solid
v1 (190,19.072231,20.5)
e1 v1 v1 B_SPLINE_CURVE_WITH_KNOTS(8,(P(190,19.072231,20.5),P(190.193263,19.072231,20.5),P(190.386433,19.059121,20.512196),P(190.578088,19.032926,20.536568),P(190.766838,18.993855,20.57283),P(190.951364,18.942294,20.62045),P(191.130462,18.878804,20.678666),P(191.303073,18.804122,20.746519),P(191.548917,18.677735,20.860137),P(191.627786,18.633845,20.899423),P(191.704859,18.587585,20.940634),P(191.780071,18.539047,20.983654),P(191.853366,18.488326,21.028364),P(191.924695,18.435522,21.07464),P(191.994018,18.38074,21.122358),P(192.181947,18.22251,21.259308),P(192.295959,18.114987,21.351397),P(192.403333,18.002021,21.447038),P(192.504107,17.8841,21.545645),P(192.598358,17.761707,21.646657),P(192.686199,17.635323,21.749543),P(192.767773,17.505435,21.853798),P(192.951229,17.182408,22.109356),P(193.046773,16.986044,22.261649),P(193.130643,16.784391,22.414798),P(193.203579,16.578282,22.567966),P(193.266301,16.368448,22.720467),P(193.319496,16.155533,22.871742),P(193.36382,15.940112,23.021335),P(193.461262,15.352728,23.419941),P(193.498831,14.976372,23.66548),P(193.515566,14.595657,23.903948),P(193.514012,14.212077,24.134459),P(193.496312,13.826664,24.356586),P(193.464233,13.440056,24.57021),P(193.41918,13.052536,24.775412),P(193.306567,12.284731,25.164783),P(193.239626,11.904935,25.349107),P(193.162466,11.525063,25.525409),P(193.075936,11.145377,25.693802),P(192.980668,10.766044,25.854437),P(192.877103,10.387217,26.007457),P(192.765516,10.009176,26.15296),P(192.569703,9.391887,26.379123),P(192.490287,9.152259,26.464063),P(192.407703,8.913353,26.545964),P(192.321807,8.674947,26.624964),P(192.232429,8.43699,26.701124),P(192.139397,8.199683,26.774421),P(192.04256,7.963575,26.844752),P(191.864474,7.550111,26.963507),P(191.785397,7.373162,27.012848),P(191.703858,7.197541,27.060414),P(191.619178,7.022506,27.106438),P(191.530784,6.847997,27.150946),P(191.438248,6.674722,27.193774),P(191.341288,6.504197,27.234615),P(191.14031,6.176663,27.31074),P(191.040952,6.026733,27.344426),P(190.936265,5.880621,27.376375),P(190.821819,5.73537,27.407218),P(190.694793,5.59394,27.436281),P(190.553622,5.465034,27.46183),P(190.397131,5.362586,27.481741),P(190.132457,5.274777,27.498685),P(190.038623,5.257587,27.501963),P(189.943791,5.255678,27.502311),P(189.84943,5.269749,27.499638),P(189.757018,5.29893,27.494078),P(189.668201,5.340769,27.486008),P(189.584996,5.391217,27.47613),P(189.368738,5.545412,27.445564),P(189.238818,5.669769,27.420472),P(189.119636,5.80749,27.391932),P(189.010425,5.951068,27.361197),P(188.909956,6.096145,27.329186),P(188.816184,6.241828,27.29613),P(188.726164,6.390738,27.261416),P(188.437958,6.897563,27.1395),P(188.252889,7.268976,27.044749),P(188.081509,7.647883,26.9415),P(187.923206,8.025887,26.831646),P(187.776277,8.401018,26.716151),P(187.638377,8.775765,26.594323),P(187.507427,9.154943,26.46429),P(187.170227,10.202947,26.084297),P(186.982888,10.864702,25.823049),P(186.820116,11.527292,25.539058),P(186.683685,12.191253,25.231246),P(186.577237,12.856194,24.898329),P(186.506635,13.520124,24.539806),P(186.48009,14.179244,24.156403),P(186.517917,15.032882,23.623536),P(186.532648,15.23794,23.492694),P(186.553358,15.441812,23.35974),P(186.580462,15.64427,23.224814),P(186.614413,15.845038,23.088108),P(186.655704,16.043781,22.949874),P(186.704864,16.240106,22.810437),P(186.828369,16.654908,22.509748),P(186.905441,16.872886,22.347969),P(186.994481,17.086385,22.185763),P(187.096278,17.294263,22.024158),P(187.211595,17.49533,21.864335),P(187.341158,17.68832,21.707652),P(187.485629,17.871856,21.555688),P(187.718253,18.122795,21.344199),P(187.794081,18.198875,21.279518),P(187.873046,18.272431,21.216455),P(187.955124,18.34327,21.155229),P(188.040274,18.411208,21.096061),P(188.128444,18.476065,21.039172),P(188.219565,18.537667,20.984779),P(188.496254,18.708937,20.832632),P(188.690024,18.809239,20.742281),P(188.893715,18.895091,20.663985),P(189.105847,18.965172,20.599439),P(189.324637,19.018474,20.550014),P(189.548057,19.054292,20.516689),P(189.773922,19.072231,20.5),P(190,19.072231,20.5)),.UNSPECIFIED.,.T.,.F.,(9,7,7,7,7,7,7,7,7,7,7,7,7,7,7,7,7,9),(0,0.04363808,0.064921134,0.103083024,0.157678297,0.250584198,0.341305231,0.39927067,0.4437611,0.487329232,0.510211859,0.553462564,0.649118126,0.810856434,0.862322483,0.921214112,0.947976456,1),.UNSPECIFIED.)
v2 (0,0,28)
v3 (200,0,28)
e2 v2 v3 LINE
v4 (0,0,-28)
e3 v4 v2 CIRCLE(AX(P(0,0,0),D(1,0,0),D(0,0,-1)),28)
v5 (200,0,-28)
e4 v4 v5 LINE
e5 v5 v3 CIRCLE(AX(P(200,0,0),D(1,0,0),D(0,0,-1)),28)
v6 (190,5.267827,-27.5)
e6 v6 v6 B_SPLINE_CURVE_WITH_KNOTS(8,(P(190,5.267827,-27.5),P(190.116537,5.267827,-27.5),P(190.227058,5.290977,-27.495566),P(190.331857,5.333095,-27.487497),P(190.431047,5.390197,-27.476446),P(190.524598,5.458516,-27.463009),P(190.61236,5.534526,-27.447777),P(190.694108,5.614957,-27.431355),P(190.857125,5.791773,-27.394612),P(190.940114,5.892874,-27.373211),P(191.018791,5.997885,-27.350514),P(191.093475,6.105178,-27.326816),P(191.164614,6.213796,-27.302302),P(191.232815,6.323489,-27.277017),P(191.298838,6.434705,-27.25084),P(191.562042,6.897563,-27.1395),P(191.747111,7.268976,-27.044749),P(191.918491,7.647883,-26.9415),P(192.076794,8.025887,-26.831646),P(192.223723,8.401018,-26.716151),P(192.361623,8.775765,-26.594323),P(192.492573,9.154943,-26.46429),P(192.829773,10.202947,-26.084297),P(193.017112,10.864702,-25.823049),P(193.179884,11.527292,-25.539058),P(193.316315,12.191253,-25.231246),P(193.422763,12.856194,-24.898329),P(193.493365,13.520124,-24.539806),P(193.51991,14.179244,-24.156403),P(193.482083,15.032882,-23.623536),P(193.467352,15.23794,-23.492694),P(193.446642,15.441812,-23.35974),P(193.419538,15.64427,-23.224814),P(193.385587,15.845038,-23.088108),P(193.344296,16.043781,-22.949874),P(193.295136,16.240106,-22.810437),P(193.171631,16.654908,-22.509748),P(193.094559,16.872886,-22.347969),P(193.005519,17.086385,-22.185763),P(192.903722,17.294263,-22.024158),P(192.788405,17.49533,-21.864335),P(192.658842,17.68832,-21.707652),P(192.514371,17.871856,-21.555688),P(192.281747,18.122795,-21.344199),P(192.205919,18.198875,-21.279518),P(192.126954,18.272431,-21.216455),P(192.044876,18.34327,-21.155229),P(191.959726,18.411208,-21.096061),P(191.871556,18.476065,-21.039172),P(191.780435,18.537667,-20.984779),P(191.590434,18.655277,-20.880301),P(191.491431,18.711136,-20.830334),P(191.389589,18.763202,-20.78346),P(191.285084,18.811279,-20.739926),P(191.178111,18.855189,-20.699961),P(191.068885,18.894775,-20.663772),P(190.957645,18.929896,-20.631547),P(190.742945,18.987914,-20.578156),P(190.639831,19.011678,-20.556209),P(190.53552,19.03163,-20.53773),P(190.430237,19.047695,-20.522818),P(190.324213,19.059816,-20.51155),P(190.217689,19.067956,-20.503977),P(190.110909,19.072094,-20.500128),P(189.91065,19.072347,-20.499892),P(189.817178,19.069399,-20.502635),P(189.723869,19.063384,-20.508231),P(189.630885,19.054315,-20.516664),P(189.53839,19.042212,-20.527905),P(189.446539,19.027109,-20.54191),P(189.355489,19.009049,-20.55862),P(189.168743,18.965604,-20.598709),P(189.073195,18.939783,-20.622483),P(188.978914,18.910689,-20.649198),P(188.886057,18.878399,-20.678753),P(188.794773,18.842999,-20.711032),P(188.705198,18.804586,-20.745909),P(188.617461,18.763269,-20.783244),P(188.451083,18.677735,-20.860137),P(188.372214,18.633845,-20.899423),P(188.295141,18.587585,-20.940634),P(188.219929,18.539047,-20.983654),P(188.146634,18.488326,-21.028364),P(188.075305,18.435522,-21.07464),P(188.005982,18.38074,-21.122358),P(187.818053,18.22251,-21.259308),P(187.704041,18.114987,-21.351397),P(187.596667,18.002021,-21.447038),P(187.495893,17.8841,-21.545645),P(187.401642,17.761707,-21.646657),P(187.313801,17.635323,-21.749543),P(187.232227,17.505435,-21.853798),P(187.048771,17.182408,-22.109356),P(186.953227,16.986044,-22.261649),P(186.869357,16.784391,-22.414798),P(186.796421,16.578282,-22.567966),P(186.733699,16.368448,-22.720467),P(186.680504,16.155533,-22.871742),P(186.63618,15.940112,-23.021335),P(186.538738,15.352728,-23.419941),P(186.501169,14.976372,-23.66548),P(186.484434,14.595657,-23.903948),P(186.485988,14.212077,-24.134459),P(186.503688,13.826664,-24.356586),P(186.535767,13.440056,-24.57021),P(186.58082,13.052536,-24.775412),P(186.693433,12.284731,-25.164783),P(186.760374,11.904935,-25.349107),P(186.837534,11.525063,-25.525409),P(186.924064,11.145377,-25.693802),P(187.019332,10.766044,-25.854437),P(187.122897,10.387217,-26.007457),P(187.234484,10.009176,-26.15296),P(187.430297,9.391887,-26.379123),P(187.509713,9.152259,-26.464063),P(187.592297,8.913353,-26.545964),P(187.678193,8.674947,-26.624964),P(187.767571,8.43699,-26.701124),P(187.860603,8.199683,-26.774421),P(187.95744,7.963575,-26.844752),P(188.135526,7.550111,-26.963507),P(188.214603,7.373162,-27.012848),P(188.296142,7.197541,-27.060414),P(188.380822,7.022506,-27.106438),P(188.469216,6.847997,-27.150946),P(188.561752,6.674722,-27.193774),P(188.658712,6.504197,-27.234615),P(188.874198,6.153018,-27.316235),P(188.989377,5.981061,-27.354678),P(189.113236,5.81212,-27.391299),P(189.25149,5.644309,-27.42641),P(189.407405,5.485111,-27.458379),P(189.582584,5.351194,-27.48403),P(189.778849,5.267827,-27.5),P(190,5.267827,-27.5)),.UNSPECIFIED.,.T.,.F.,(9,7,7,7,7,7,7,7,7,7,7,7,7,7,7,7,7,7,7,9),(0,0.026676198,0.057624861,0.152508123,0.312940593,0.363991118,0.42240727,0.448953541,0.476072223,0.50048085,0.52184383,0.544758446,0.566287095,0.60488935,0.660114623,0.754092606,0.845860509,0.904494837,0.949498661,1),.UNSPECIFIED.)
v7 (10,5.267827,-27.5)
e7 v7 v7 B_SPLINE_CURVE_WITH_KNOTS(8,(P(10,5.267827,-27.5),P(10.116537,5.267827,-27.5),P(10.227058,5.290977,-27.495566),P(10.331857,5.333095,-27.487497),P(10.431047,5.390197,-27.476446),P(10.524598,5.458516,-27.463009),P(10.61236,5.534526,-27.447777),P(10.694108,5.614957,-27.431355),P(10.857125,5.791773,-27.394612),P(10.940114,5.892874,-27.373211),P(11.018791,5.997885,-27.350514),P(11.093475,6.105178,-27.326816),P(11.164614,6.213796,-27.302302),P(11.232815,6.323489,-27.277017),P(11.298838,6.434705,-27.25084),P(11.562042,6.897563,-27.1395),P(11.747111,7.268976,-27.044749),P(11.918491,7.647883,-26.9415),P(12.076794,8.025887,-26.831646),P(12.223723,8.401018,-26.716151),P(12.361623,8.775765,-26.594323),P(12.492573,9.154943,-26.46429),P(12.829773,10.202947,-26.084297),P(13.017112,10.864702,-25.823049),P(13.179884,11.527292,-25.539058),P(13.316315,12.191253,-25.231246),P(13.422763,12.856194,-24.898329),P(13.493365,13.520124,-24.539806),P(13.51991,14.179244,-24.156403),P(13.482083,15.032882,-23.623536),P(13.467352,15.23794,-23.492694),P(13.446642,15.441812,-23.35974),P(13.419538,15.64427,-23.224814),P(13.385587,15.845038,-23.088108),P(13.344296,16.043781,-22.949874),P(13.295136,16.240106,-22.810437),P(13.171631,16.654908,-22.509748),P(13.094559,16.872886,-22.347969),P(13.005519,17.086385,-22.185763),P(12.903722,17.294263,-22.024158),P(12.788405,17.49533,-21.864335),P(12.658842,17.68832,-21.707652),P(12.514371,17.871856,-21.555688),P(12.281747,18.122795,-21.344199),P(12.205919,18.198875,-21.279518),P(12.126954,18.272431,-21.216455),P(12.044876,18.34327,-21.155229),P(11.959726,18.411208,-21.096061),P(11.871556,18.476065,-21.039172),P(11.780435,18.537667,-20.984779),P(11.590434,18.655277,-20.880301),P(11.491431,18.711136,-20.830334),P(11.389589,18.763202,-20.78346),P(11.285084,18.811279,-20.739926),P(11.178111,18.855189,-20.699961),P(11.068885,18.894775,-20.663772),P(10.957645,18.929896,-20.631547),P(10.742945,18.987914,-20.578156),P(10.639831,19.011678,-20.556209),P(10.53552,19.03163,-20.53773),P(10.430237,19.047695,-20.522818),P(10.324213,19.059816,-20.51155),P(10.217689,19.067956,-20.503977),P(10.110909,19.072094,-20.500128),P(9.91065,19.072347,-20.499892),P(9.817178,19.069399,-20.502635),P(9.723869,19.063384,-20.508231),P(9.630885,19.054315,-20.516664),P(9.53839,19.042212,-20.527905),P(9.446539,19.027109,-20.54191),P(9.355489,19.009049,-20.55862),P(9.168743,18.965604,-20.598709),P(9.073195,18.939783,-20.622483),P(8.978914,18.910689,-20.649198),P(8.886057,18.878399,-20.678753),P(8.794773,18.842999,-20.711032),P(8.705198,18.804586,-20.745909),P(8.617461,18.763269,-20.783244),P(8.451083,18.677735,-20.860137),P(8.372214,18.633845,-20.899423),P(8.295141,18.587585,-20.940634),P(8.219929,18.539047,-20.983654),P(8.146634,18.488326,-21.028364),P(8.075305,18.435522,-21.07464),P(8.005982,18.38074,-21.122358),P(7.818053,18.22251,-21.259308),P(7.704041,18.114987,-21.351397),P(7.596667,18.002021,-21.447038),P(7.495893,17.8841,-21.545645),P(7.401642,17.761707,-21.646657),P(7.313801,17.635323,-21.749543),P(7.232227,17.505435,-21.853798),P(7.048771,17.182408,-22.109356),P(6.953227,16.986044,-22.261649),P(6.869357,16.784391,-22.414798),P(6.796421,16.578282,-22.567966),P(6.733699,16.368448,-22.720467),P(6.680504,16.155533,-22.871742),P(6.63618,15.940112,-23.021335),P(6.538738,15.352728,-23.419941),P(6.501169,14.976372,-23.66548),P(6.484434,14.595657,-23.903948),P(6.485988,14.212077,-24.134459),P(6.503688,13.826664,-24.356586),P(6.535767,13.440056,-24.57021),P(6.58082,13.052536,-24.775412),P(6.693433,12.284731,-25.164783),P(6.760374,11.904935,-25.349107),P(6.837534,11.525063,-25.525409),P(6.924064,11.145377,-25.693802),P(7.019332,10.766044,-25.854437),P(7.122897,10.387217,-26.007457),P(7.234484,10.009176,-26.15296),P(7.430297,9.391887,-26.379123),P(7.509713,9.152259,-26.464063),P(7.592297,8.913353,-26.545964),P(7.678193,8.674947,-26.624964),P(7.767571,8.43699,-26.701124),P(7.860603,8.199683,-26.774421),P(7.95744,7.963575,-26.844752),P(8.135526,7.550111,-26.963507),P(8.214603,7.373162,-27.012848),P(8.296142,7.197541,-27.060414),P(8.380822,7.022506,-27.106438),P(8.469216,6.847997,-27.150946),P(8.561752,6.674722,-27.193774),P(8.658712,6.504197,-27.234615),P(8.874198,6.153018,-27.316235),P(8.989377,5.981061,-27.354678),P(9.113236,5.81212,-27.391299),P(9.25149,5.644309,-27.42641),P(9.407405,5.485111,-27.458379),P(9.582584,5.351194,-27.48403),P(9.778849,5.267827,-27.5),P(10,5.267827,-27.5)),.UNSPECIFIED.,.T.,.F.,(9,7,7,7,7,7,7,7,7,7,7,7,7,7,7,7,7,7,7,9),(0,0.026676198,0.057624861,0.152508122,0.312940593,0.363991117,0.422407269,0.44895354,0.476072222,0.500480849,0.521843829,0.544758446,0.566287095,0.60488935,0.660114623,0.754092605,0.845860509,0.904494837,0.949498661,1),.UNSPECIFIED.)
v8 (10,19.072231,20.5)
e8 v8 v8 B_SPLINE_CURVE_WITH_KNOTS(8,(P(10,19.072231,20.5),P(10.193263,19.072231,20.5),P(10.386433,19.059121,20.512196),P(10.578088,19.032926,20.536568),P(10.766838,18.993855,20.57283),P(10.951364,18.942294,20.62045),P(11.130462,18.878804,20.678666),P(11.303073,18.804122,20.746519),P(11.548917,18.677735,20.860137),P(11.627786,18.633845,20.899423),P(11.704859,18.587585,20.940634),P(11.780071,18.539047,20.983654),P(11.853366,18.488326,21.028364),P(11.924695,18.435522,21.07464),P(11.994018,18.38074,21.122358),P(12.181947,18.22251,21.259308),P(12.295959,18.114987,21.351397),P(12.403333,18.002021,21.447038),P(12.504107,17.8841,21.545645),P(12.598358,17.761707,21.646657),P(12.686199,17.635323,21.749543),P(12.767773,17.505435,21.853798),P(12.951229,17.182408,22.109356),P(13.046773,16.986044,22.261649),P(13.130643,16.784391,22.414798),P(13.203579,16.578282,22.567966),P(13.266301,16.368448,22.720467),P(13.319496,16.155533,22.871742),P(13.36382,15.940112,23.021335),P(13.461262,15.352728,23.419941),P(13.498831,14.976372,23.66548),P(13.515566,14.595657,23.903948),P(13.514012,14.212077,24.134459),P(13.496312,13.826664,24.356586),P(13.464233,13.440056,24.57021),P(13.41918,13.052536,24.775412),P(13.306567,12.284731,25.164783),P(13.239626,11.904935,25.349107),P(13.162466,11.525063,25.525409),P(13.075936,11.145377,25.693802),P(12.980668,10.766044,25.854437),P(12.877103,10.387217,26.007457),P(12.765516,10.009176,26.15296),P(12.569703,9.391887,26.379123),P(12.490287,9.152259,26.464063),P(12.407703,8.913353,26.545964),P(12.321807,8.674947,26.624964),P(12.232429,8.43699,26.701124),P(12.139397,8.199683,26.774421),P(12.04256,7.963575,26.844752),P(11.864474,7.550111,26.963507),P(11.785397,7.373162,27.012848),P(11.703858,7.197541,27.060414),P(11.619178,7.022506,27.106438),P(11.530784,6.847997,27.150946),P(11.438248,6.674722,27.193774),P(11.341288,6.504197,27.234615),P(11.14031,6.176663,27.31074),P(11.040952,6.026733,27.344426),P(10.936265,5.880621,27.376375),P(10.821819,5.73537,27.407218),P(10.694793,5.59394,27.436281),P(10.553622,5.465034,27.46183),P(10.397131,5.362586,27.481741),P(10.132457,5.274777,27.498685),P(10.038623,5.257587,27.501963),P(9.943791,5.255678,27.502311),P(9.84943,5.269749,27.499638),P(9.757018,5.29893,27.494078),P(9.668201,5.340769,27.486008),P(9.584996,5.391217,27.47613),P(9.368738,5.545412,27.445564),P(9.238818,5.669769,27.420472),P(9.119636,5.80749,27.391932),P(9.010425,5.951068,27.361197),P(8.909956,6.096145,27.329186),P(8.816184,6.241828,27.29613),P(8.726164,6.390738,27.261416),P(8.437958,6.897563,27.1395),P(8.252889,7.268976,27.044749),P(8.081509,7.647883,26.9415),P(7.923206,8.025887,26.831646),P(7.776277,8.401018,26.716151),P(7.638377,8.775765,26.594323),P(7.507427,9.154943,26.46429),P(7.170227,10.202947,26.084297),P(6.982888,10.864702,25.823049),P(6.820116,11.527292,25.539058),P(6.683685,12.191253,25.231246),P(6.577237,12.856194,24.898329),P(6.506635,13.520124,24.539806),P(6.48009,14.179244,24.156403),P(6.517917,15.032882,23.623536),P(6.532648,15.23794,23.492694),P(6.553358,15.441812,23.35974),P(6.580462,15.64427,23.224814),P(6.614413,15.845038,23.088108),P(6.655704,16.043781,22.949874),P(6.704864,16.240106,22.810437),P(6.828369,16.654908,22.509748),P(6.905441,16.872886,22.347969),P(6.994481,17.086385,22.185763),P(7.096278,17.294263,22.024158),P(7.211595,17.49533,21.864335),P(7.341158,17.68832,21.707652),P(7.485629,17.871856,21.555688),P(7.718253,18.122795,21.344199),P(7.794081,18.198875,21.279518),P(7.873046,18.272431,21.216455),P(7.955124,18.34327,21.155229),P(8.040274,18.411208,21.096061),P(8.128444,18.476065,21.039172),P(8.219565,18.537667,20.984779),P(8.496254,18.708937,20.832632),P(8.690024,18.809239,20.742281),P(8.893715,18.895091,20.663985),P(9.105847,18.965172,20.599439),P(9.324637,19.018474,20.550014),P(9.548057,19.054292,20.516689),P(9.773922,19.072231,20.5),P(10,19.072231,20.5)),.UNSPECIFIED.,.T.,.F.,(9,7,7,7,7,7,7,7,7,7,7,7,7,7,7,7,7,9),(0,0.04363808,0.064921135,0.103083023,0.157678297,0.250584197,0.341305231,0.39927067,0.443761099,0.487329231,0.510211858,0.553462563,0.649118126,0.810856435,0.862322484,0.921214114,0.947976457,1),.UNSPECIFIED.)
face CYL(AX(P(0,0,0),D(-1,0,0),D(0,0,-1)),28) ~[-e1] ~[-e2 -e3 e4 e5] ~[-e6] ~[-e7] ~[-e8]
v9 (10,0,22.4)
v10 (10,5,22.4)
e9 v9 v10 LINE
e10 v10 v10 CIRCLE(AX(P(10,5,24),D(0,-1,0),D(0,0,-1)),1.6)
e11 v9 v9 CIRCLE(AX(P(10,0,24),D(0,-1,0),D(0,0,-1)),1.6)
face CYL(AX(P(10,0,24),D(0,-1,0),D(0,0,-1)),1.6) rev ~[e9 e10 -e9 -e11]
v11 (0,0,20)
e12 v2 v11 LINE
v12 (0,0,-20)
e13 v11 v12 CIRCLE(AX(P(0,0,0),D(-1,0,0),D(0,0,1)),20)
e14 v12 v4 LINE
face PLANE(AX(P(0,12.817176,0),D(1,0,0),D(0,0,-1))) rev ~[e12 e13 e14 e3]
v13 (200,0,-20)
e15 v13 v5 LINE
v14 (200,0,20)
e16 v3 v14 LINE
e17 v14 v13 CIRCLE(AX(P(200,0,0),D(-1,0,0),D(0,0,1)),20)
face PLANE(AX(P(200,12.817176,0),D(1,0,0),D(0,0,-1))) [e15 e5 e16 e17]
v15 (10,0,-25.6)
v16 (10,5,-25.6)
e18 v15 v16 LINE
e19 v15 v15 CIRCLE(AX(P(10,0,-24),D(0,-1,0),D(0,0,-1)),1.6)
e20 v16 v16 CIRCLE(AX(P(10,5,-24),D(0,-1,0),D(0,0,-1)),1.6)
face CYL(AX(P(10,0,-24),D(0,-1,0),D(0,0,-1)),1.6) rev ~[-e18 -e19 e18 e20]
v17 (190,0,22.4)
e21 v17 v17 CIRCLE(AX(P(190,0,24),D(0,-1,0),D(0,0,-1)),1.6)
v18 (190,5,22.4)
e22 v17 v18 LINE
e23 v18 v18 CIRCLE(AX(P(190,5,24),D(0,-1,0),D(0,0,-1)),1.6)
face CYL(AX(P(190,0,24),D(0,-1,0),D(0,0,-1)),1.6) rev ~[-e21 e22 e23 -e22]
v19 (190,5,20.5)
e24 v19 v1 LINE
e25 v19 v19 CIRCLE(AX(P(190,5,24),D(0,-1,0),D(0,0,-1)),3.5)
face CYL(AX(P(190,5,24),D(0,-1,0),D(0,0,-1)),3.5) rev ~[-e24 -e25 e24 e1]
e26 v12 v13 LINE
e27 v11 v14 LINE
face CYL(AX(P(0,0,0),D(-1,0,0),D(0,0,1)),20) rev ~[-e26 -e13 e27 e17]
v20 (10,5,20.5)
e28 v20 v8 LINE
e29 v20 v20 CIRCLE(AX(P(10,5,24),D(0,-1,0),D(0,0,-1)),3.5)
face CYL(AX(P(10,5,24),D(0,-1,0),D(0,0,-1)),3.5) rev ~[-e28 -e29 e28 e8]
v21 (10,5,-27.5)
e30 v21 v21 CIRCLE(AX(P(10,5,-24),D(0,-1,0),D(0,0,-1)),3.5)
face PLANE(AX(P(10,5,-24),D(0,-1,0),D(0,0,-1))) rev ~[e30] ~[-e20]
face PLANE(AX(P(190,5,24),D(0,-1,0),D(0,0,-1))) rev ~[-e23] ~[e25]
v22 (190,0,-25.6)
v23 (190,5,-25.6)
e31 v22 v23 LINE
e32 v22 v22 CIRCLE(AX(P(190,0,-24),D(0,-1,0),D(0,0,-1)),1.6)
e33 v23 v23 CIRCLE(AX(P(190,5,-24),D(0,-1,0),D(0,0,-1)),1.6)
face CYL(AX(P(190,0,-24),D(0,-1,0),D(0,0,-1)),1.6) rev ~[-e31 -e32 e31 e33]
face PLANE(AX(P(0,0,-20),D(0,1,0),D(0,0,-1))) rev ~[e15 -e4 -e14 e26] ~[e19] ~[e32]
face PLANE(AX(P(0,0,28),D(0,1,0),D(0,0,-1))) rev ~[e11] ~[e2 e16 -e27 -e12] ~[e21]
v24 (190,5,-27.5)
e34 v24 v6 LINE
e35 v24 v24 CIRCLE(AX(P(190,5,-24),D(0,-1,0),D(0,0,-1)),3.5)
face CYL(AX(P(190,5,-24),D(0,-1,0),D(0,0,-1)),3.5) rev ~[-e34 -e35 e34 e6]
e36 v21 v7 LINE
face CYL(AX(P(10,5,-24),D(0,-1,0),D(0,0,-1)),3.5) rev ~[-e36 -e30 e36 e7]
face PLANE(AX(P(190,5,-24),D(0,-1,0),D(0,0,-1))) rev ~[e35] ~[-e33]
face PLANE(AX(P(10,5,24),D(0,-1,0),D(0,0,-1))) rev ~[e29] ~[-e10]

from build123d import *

# Parameters (mm, degrees)
AUFSATZ_LINEAR_AUSTRAGEN1_DEPTH = 200
SKIZZE2_R                       = 1.6
SCHNITT_LINEAR_AUSTRAGEN1_DEPTH = 204.882318998
SCHNITT_LINEAR_START            = -5
SKIZZE3_R                       = 3.5
SCHNITT_LINEAR_AUSTRAGEN2_DEPTH = 199.882319124


with BuildPart() as part:
    # Skizze1 → Aufsatz-Linear austragen1 (new body)
    with BuildSketch(Plane(origin=(0, 0, 0), x_dir=(0, 0, -1), z_dir=(1, 0, 0))):
        with BuildLine():
            Line((-28, 0), (-20, 0))
            ThreePointArc((-20, 0), (0, 20), (20, 0))
            Line((20, 0), (28, 0))
            ThreePointArc((28, 0), (0, 28), (-28, 0))
        make_face()
    extrude(amount=AUFSATZ_LINEAR_AUSTRAGEN1_DEPTH)

    # Skizze2 → Schnitt-Linear austragen1 (cut, through all)
    with BuildSketch(Plane.XZ):
        with Locations(Location((10, 24, 0), (0, 0, 270))):
            Circle(SKIZZE2_R)
        with Locations(Location((190, 24, 0), (0, 0, 270))):
            Circle(SKIZZE2_R)
        with Locations(Location((190, -24, 0), (0, 0, 270))):
            Circle(SKIZZE2_R)
        with Locations(Location((10, -24, 0), (0, 0, 270))):
            Circle(SKIZZE2_R)
    extrude(amount=-SCHNITT_LINEAR_AUSTRAGEN1_DEPTH, mode=Mode.SUBTRACT)

    # Skizze3 → Schnitt-Linear austragen2 (cut, through all)
    with BuildSketch(Plane.XZ.offset(SCHNITT_LINEAR_START)):
        with Locations(Location((10, 24, 0), (0, 0, 270))):
            Circle(SKIZZE3_R)
        with Locations(Location((190, 24, 0), (0, 0, 270))):
            Circle(SKIZZE3_R)
        with Locations(Location((190, -24, 0), (0, 0, 270))):
            Circle(SKIZZE3_R)
        with Locations(Location((10, -24, 0), (0, 0, 270))):
            Circle(SKIZZE3_R)
    extrude(amount=-SCHNITT_LINEAR_AUSTRAGEN2_DEPTH, mode=Mode.SUBTRACT)


solid = part.part
